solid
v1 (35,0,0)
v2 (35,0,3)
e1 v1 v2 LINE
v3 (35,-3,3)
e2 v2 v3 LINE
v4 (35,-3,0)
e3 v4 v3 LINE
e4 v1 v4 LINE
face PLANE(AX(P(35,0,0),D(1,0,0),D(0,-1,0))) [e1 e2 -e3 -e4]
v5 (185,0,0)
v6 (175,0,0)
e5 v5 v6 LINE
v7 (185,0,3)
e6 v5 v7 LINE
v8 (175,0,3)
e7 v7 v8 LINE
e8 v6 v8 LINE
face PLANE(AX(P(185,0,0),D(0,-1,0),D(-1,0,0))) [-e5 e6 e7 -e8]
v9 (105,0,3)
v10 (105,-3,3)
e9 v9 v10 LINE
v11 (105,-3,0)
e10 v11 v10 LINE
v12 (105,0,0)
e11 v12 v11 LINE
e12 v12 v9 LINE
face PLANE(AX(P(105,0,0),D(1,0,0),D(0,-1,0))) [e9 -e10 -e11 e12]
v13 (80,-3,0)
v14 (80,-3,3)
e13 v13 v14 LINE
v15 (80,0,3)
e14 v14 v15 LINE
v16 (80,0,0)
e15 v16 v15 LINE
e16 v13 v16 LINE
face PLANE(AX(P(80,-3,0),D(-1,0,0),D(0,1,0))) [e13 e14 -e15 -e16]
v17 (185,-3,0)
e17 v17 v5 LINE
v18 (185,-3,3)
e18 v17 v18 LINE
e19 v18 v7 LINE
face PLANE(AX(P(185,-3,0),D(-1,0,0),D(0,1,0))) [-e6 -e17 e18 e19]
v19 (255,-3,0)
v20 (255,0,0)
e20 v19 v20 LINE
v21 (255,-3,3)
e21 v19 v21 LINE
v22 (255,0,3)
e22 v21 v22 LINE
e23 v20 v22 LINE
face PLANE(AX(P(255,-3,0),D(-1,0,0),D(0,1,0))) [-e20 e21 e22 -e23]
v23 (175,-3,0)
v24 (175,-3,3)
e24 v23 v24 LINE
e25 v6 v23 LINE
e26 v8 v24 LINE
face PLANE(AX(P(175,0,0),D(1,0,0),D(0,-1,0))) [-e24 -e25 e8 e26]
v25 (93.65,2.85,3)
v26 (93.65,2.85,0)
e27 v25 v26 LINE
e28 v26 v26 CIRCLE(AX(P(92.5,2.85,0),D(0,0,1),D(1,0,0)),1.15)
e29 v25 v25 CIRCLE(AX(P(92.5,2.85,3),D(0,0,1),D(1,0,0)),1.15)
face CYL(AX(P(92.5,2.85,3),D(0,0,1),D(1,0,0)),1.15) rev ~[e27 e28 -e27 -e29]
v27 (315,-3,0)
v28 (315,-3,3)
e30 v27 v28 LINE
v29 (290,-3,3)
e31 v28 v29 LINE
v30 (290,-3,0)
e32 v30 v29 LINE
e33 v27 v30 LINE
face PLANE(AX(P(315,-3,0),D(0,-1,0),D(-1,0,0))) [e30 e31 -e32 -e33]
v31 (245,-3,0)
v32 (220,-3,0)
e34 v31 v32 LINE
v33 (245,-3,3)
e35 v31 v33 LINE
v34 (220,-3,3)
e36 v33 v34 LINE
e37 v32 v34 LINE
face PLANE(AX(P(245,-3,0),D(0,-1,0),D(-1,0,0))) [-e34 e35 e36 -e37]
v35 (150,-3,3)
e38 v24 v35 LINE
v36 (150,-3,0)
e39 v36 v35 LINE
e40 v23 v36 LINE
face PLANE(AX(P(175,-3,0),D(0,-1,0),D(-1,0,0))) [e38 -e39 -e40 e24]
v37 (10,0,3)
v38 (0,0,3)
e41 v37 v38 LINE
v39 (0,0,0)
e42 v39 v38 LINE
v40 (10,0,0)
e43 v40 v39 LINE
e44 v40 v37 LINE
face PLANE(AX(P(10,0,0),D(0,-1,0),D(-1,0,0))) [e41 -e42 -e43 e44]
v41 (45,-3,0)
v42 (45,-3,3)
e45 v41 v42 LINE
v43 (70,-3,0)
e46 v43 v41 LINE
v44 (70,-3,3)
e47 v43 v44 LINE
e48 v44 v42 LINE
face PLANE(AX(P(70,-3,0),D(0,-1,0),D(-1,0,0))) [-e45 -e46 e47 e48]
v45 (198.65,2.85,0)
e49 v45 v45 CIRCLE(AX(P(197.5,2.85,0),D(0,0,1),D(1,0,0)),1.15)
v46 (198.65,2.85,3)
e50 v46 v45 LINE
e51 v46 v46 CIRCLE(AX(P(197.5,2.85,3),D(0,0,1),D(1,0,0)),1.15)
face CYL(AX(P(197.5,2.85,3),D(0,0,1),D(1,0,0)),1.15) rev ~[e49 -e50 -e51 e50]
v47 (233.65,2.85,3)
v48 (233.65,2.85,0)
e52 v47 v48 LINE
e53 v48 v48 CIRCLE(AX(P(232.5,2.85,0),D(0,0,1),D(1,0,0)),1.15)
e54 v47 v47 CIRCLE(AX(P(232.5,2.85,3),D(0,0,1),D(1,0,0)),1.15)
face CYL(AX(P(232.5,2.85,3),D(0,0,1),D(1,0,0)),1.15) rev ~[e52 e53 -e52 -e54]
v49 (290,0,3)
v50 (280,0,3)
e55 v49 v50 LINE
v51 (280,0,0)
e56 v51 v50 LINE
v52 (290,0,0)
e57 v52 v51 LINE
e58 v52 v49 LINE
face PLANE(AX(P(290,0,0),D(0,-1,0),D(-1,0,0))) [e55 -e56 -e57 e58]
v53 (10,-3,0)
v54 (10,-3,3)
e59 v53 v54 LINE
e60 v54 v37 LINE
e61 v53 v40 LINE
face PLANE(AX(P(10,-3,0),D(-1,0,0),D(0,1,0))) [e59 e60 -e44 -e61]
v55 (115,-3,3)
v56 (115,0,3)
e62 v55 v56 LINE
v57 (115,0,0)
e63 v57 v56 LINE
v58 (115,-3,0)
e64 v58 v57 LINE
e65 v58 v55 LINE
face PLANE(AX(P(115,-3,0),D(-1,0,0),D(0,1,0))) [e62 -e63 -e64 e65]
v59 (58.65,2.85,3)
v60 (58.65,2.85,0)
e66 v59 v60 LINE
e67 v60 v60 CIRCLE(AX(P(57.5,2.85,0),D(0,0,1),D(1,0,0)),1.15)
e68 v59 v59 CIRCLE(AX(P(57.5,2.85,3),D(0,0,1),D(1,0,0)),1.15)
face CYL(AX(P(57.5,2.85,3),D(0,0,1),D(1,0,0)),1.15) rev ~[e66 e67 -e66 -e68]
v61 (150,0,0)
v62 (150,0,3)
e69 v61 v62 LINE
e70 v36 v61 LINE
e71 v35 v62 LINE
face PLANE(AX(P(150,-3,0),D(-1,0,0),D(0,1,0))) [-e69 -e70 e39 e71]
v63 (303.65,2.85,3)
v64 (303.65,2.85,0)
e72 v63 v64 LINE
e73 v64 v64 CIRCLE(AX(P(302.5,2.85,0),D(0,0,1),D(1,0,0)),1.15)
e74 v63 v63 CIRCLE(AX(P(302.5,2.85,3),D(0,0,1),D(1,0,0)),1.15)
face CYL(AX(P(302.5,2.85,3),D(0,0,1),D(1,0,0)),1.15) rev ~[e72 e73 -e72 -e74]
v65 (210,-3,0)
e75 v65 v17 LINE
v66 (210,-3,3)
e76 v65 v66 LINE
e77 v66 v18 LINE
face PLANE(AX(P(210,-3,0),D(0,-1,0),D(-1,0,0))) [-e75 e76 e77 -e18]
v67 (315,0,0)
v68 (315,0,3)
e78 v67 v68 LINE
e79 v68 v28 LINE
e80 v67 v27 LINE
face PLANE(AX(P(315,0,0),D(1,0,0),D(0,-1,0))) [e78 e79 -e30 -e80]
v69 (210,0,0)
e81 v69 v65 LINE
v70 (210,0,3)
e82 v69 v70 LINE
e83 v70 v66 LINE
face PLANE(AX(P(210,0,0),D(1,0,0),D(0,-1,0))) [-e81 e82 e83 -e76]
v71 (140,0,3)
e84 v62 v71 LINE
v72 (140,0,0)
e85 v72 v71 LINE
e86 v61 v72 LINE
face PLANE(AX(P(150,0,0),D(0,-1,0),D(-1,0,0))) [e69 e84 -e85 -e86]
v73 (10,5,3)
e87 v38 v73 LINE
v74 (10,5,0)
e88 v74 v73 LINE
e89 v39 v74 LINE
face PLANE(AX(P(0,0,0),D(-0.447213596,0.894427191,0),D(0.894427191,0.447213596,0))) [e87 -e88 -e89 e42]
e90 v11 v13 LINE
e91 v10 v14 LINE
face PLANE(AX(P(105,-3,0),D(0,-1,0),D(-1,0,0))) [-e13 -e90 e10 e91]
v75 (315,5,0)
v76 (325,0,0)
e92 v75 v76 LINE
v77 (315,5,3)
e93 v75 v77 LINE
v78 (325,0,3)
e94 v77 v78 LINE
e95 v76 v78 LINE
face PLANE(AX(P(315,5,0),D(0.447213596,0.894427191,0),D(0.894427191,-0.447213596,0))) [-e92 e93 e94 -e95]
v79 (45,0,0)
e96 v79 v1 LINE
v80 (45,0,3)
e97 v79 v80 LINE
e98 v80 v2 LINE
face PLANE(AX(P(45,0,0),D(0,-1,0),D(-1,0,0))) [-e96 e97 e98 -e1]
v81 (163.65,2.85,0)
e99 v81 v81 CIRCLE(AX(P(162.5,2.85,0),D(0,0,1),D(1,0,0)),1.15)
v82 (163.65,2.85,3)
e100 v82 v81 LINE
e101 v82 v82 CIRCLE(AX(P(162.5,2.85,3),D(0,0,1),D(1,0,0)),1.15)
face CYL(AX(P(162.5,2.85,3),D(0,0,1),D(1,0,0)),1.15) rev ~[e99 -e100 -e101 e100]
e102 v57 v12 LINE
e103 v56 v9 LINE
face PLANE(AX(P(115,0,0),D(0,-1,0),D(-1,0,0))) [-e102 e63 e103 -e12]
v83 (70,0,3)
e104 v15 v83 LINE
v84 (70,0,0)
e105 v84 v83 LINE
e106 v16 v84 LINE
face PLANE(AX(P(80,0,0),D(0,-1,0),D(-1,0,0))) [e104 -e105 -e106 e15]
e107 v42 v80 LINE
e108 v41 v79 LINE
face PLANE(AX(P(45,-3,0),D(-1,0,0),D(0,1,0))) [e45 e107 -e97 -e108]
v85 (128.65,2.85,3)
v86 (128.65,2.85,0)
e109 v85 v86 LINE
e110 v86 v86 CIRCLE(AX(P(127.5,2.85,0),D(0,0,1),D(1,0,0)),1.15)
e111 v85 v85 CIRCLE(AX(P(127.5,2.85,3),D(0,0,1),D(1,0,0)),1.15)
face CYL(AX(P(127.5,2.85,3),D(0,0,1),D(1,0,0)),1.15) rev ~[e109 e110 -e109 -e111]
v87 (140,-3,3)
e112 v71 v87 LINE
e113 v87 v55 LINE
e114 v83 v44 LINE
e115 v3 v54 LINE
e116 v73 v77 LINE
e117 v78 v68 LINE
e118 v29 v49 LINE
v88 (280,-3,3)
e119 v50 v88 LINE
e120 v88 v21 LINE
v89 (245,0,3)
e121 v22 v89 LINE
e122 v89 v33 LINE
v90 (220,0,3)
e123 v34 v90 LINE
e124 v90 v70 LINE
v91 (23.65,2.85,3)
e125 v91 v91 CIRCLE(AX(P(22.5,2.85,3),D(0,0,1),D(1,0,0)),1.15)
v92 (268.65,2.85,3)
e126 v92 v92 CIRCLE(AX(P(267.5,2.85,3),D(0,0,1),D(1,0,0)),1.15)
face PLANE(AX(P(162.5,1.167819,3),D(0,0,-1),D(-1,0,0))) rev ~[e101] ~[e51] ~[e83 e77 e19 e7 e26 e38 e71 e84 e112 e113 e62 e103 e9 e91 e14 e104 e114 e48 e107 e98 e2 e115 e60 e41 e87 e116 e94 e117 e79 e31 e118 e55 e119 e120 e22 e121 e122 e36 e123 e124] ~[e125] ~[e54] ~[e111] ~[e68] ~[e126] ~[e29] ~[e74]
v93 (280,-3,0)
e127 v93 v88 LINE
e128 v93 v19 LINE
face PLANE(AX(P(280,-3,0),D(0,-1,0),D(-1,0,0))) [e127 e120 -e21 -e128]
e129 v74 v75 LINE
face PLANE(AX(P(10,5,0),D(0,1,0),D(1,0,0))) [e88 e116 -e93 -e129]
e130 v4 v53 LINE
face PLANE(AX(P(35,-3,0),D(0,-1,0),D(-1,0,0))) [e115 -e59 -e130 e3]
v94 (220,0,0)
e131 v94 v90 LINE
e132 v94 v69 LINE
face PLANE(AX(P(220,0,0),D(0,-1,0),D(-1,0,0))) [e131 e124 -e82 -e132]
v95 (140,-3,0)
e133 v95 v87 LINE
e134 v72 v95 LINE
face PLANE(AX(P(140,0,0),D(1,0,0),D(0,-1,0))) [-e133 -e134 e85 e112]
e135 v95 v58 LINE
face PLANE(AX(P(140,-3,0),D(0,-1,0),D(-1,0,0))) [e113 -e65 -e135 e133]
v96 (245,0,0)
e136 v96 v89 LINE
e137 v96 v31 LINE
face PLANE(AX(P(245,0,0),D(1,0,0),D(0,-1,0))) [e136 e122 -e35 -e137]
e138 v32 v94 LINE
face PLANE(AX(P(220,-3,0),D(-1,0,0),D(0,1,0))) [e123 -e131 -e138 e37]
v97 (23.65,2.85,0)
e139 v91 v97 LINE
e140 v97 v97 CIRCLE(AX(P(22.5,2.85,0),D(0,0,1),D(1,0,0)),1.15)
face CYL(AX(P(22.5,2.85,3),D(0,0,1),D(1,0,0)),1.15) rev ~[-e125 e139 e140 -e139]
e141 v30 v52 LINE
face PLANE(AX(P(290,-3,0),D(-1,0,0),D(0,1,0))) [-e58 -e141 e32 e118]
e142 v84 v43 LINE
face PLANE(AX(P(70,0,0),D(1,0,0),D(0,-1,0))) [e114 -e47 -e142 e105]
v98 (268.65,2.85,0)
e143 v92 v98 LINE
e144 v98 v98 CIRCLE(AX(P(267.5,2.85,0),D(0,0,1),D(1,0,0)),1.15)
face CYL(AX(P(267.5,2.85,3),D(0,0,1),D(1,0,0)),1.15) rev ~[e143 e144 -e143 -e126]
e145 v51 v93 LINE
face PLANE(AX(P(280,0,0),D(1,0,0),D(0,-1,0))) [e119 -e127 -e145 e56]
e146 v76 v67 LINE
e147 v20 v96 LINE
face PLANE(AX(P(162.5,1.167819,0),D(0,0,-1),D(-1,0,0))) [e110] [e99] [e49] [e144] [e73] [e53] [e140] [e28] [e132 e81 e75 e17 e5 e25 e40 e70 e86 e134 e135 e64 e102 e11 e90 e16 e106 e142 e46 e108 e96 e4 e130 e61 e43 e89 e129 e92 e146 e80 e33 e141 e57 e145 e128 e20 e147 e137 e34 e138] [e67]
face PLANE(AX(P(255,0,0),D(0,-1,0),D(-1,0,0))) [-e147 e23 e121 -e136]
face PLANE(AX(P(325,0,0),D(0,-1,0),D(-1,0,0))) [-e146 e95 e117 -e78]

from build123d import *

# Parameters (mm, degrees)
EXTRUDE_1_DEPTH     = 3
SKETCH_2_R          = 1.15
CUT_EXTRUDE_1_DEPTH = 326.052303484


with BuildPart() as part:
    # 草图1 → 凸台-拉伸1 (new body)
    with BuildSketch(Plane.XY):
        Polygon((0, 0), (10, 5), (315, 5), (325, 0), (315, 0), (315, -3), (290, -3), (290, 0), (280, 0), (280, -3), (255, -3), (255, 0), (245, 0), (245, -3), (220, -3), (220, 0), (210, 0), (210, -3), (185, -3), (185, 0), (175, 0), (175, -3), (150, -3), (150, 0), (140, 0), (140, -3), (115, -3), (115, 0), (105, 0), (105, -3), (80, -3), (80, 0), (70, 0), (70, -3), (45, -3), (45, 0), (35, 0), (35, -3), (10, -3), (10, 0), align=None)
    extrude(amount=EXTRUDE_1_DEPTH)

    # 草图2 → 切除-拉伸1 (cut, through all)
    with BuildSketch(Plane.XY.offset(3)):
        with Locations((22.5, 2.85)):
            Circle(SKETCH_2_R)
        with Locations((57.5, 2.85)):
            Circle(SKETCH_2_R)
        with Locations((92.5, 2.85)):
            Circle(SKETCH_2_R)
        with Locations((127.5, 2.85)):
            Circle(SKETCH_2_R)
        with Locations((162.5, 2.85)):
            Circle(SKETCH_2_R)
        with Locations((197.5, 2.85)):
            Circle(SKETCH_2_R)
        with Locations((232.5, 2.85)):
            Circle(SKETCH_2_R)
        with Locations((267.5, 2.85)):
            Circle(SKETCH_2_R)
        with Locations((302.5, 2.85)):
            Circle(SKETCH_2_R)
    extrude(amount=-CUT_EXTRUDE_1_DEPTH, mode=Mode.SUBTRACT)


solid = part.part
